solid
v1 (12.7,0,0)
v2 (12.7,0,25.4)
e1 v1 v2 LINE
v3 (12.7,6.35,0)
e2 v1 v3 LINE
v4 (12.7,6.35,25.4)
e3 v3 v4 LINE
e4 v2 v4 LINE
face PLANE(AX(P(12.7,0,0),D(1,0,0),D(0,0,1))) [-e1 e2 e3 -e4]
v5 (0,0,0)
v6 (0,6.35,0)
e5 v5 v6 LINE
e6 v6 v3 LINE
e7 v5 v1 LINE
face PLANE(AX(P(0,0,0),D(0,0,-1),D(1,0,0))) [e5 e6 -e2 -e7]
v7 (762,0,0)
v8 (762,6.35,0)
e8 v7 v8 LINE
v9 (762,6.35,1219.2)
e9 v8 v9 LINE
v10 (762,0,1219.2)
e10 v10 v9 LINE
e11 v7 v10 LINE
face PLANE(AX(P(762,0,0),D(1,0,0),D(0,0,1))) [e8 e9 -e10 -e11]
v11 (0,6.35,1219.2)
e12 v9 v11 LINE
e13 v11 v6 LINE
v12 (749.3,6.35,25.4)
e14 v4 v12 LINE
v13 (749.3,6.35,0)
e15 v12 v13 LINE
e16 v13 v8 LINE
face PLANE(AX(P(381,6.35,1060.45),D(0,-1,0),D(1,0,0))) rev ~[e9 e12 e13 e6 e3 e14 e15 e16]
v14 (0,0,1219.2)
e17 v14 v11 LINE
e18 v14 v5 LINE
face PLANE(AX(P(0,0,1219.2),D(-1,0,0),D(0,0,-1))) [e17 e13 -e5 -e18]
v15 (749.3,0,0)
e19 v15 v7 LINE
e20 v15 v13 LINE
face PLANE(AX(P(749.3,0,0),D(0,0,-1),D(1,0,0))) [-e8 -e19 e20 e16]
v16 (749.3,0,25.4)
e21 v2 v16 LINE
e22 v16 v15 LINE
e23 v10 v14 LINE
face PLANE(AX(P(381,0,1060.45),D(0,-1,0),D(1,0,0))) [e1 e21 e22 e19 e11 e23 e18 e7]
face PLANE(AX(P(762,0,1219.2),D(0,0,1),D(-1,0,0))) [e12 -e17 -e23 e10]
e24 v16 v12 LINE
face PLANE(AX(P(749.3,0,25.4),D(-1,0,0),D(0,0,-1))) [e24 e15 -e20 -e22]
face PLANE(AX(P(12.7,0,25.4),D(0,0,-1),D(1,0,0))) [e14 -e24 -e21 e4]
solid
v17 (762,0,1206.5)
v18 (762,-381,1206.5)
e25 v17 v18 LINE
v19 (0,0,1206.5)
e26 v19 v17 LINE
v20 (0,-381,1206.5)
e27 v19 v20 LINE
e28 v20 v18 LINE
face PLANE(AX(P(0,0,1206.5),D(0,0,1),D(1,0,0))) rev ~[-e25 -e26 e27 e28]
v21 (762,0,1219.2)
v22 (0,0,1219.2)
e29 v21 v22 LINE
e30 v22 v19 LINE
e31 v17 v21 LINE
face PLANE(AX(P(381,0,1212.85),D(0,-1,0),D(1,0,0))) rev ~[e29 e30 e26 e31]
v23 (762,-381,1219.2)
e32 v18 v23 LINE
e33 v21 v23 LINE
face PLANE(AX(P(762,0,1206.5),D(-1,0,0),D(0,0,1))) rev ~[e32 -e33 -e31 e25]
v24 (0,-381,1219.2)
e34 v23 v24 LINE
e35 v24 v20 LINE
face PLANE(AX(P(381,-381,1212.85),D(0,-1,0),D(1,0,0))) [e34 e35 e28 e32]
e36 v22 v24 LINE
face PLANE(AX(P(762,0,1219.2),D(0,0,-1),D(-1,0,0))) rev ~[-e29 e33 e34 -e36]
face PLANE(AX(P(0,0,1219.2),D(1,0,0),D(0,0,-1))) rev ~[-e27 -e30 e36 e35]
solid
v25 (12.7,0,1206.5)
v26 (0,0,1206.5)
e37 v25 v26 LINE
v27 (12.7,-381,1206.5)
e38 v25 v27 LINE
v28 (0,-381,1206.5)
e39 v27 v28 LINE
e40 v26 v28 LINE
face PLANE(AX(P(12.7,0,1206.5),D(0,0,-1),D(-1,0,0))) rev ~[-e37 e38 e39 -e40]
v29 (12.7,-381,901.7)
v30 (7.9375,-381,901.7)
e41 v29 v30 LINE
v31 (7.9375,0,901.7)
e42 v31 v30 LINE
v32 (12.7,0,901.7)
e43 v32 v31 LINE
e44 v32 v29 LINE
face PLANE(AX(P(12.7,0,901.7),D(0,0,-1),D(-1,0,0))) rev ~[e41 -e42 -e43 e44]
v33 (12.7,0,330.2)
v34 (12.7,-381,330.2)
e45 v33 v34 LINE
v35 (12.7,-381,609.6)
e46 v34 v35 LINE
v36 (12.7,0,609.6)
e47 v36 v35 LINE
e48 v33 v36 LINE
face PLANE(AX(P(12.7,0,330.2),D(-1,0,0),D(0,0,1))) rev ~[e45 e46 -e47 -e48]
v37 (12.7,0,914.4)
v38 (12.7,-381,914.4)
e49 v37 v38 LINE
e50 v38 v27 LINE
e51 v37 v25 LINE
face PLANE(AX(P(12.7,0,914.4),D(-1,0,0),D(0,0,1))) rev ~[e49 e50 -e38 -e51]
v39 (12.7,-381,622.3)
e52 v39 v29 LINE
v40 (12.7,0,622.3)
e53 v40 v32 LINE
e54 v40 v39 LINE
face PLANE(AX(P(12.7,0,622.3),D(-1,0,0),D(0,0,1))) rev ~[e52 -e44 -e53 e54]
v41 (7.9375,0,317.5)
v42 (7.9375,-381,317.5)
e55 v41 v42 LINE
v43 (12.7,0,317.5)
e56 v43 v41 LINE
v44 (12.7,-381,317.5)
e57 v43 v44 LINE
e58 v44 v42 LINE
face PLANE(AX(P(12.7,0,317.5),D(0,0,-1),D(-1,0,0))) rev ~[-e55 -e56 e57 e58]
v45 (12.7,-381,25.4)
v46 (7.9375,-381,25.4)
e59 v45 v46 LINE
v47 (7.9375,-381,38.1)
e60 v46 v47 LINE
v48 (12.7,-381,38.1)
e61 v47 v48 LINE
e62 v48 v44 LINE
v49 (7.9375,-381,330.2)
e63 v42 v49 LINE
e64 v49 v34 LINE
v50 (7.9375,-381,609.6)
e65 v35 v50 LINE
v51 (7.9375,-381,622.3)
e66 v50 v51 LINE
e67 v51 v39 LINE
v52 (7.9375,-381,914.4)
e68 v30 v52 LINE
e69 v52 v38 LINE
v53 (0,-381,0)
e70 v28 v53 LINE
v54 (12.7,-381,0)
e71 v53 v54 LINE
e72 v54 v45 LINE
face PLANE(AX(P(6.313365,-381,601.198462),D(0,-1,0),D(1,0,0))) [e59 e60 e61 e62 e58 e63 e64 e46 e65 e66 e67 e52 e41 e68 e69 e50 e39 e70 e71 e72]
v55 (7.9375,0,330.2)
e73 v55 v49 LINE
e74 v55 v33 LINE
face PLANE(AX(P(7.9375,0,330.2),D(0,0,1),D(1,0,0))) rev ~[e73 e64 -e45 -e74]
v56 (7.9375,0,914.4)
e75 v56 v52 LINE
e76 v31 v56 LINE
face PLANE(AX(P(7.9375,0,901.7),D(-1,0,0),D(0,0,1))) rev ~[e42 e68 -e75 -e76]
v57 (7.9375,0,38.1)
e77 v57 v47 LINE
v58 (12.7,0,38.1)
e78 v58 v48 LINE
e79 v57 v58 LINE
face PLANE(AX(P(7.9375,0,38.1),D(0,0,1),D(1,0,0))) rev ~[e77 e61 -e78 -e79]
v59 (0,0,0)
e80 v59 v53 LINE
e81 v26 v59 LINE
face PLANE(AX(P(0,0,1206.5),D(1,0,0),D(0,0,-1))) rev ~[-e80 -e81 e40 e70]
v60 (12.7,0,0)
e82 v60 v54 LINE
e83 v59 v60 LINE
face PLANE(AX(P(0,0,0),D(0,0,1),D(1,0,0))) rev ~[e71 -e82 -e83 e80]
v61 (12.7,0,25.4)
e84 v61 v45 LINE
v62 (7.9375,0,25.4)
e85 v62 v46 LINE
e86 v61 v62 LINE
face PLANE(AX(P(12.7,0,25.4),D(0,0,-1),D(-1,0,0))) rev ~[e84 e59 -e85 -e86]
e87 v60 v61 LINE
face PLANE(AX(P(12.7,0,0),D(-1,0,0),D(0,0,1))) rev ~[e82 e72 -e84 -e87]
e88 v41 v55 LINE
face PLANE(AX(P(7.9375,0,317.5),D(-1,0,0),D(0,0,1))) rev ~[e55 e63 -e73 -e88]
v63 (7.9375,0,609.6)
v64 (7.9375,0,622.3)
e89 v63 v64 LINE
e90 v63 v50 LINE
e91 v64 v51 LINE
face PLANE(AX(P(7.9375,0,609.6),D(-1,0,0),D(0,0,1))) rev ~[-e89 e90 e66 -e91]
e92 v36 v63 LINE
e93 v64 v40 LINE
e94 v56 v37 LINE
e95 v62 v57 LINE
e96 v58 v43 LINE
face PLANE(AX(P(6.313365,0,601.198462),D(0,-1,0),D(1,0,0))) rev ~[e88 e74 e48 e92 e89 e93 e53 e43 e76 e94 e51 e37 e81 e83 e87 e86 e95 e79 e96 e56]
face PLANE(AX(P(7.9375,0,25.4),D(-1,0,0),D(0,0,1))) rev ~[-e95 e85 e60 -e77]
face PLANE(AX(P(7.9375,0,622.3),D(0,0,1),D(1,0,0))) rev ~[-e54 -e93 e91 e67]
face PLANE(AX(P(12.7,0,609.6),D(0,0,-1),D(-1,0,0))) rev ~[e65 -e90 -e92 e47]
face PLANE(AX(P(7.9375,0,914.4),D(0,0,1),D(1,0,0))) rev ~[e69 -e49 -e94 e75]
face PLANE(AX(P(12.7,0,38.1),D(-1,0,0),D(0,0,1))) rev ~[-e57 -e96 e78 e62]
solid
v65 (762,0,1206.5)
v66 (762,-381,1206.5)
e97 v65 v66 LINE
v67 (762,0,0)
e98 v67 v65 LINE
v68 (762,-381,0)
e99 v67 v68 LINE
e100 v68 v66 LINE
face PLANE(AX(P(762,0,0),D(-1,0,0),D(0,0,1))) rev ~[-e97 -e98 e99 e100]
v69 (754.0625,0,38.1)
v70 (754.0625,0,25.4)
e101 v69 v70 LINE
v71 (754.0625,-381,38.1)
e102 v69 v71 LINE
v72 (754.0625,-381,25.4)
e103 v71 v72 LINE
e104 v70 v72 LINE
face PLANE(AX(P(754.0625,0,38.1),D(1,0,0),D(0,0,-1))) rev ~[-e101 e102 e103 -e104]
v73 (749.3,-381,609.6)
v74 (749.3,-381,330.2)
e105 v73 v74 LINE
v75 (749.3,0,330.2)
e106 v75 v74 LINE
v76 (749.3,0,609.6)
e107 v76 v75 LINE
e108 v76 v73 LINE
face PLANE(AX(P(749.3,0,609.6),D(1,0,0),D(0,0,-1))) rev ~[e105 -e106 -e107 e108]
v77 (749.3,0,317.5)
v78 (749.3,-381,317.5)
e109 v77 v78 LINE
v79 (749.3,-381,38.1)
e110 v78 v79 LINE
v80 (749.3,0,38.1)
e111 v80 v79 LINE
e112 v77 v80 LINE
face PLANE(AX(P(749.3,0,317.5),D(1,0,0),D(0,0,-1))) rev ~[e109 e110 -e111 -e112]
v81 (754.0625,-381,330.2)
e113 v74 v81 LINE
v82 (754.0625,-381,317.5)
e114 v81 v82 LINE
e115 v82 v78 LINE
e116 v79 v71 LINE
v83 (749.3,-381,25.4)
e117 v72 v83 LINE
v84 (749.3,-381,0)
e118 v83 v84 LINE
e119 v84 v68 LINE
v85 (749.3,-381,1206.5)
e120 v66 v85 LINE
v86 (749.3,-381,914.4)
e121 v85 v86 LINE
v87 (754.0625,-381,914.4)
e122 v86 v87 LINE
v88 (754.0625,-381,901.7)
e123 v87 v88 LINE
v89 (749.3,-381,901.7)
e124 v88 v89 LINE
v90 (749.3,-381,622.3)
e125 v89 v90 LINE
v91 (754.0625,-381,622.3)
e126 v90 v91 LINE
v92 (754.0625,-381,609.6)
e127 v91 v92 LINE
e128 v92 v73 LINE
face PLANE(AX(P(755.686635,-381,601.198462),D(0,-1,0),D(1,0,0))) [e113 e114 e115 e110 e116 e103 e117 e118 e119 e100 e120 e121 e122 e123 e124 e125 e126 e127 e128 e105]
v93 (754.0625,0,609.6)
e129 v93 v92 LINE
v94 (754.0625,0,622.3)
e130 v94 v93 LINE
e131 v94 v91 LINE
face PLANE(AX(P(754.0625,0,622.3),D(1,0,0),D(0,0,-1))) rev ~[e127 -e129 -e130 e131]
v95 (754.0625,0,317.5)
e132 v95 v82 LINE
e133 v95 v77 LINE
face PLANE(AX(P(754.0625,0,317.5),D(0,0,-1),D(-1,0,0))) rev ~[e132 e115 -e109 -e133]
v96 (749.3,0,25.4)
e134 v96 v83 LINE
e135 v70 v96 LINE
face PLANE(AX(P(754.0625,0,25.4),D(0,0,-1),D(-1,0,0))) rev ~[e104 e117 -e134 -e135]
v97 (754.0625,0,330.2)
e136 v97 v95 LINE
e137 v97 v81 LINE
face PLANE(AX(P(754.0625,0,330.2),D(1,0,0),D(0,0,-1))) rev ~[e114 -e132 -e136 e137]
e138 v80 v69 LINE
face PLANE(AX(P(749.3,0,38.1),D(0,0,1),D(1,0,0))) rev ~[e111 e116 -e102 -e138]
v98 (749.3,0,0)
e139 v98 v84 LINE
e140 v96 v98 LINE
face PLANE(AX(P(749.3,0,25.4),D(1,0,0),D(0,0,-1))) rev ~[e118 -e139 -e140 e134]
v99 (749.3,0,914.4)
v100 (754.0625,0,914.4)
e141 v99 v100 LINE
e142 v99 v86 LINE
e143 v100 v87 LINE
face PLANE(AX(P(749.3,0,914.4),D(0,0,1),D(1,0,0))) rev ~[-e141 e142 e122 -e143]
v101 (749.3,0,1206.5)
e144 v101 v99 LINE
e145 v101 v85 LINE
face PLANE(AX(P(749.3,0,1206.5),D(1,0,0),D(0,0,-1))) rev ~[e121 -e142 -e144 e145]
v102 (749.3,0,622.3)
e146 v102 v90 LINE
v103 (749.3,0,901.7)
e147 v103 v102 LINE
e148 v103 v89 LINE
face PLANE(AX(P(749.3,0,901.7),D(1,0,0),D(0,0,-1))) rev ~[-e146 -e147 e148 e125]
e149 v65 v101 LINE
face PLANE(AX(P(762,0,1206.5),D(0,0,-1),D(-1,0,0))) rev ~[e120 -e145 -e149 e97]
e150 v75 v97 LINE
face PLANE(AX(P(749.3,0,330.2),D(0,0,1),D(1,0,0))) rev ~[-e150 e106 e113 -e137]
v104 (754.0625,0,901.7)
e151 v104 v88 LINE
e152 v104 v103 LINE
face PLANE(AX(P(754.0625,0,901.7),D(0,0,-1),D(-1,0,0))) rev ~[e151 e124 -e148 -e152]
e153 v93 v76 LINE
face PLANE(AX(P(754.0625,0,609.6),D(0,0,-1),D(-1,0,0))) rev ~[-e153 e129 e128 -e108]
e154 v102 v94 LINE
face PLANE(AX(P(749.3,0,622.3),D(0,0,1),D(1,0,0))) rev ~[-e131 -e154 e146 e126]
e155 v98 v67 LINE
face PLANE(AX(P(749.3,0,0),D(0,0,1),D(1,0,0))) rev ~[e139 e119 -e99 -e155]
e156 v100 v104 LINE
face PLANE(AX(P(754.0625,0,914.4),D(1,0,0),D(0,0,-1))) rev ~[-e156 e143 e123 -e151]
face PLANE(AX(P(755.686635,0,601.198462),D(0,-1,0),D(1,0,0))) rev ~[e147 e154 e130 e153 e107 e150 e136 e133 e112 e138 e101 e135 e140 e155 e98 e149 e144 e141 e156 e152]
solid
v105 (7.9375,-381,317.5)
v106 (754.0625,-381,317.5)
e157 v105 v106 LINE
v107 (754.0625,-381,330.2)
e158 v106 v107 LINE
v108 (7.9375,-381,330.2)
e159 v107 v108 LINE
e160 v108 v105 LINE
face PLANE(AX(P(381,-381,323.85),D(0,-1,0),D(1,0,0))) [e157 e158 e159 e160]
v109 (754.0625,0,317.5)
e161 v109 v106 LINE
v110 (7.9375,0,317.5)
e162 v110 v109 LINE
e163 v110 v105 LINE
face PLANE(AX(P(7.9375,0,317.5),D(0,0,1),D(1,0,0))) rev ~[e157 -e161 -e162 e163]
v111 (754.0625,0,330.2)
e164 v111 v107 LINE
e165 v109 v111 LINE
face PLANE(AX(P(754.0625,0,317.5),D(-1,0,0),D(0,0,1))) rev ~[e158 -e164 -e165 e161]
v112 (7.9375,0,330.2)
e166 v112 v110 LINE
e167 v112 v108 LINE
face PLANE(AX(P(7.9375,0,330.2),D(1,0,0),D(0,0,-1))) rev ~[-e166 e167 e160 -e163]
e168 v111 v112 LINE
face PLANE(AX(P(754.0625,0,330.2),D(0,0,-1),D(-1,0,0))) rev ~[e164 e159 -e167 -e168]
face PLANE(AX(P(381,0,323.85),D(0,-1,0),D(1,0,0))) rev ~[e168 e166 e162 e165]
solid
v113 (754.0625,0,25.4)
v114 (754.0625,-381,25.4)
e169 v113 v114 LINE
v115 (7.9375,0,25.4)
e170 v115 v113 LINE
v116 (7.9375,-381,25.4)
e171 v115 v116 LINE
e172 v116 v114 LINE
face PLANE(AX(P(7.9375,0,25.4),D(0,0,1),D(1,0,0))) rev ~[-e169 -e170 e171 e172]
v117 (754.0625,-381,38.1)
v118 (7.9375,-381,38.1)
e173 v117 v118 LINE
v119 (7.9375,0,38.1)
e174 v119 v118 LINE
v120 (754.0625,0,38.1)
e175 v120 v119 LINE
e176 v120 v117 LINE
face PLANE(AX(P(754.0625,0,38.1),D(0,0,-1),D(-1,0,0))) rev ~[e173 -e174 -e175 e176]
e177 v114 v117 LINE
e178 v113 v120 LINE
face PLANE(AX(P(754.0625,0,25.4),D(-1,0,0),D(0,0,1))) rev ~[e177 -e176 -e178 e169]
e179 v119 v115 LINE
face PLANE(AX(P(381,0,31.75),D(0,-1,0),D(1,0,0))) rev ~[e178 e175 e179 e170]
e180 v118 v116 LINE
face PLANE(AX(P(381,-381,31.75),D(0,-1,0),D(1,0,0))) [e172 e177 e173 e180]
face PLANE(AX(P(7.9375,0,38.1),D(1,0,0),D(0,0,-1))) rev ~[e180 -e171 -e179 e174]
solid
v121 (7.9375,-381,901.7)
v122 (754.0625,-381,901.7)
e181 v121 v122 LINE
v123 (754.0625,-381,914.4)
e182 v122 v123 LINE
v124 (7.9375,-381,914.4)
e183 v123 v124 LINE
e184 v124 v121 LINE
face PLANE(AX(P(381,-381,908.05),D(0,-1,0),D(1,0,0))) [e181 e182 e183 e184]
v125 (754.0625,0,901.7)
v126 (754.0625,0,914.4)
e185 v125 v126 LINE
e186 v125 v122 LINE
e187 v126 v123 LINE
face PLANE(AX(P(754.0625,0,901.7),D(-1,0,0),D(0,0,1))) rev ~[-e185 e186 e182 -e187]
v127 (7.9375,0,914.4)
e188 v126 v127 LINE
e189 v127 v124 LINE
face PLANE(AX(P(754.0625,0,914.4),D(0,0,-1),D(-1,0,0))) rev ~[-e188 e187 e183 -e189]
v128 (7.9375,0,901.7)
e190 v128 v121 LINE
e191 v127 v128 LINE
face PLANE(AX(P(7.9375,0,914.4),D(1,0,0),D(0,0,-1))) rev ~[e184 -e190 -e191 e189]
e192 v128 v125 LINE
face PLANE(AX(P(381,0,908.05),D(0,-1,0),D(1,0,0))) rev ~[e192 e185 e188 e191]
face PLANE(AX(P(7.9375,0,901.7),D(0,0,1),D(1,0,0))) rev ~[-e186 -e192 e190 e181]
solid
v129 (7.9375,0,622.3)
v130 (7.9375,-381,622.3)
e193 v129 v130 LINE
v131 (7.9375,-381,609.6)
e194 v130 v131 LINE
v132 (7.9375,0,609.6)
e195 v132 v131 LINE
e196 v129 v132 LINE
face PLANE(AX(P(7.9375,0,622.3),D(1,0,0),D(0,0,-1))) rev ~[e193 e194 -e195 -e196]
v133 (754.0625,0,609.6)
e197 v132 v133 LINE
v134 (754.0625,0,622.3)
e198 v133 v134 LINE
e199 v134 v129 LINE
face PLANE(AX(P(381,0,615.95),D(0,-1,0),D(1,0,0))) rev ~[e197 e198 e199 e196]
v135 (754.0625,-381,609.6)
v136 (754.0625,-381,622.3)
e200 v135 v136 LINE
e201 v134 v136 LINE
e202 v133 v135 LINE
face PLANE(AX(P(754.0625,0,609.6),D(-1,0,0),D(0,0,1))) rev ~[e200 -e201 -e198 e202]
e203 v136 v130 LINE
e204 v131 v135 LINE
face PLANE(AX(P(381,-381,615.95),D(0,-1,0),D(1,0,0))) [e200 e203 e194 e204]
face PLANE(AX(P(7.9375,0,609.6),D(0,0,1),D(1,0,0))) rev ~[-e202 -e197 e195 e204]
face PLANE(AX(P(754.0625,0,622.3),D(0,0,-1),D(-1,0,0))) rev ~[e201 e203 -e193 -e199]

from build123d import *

# Parameters (mm, degrees)
F1_DEPTH = 381
F2_DEPTH = 381
F0_W     = 736.6
F0_H     = 292.1
F0_H_2   = 279.4
F3_DEPTH = 6.35


with BuildPart() as f1:
    # F0 (on Front) → F1 (new body)
    with BuildSketch(Plane.XZ):
        Polygon((754.0625, 25.4), (749.3, 25.4), (749.3, 0), (762, 0), (762, 1206.5), (749.3, 1206.5), (749.3, 914.4), (754.0625, 914.4), (754.0625, 901.7), (749.3, 901.7), (749.3, 622.3), (754.0625, 622.3), (754.0625, 609.6), (749.3, 609.6), (749.3, 330.2), (754.0625, 330.2), (754.0625, 317.5), (749.3, 317.5), (749.3, 38.1), (754.0625, 38.1), align=None)
        Polygon((0, 1206.5), (0, 0), (12.7, 0), (12.7, 25.4), (7.9375, 25.4), (7.9375, 38.1), (12.7, 38.1), (12.7, 317.5), (7.9375, 317.5), (7.9375, 330.2), (12.7, 330.2), (12.7, 609.6), (7.9375, 609.6), (7.9375, 622.3), (12.7, 622.3), (12.7, 901.7), (7.9375, 901.7), (7.9375, 914.4), (12.7, 914.4), (12.7, 1206.5), align=None)
    extrude(amount=F1_DEPTH)


with BuildPart() as f2:
    # F0 (on Front) → F2 (new body)
    with BuildSketch(Plane.XZ):
        Polygon((7.9375, 25.4), (12.7, 25.4), (749.3, 25.4), (754.0625, 25.4), (754.0625, 38.1), (749.3, 38.1), (12.7, 38.1), (7.9375, 38.1), align=None)
        Polygon((7.9375, 317.5), (12.7, 317.5), (749.3, 317.5), (754.0625, 317.5), (754.0625, 330.2), (749.3, 330.2), (12.7, 330.2), (7.9375, 330.2), align=None)
        Polygon((749.3, 622.3), (12.7, 622.3), (7.9375, 622.3), (7.9375, 609.6), (12.7, 609.6), (749.3, 609.6), (754.0625, 609.6), (754.0625, 622.3), align=None)
        Polygon((749.3, 914.4), (12.7, 914.4), (7.9375, 914.4), (7.9375, 901.7), (12.7, 901.7), (749.3, 901.7), (754.0625, 901.7), (754.0625, 914.4), align=None)
        Polygon((0, 1219.2), (0, 1206.5), (12.7, 1206.5), (749.3, 1206.5), (762, 1206.5), (762, 1219.2), align=None)
    extrude(amount=F2_DEPTH)


with BuildPart() as f3:
    # F0 (on Front) → F3 (new body)
    with BuildSketch(Plane.XZ):
        with Locations((381, 1060.45)):
            Rectangle(F0_W, F0_H)
        with Locations((381, 762)):
            Rectangle(F0_W, F0_H_2)
        with Locations((381, 469.9)):
            Rectangle(F0_W, F0_H_2)
        with Locations((381, 177.8)):
            Rectangle(F0_W, F0_H_2)
        Polygon((754.0625, 25.4), (749.3, 25.4), (749.3, 0), (762, 0), (762, 1206.5), (749.3, 1206.5), (749.3, 914.4), (754.0625, 914.4), (754.0625, 901.7), (749.3, 901.7), (749.3, 622.3), (754.0625, 622.3), (754.0625, 609.6), (749.3, 609.6), (749.3, 330.2), (754.0625, 330.2), (754.0625, 317.5), (749.3, 317.5), (749.3, 38.1), (754.0625, 38.1), align=None)
        Polygon((0, 1206.5), (0, 0), (12.7, 0), (12.7, 25.4), (7.9375, 25.4), (7.9375, 38.1), (12.7, 38.1), (12.7, 317.5), (7.9375, 317.5), (7.9375, 330.2), (12.7, 330.2), (12.7, 609.6), (7.9375, 609.6), (7.9375, 622.3), (12.7, 622.3), (12.7, 901.7), (7.9375, 901.7), (7.9375, 914.4), (12.7, 914.4), (12.7, 1206.5), align=None)
        Polygon((0, 1219.2), (0, 1206.5), (12.7, 1206.5), (749.3, 1206.5), (762, 1206.5), (762, 1219.2), align=None)
        Polygon((749.3, 914.4), (12.7, 914.4), (7.9375, 914.4), (7.9375, 901.7), (12.7, 901.7), (749.3, 901.7), (754.0625, 901.7), (754.0625, 914.4), align=None)
        Polygon((749.3, 622.3), (12.7, 622.3), (7.9375, 622.3), (7.9375, 609.6), (12.7, 609.6), (749.3, 609.6), (754.0625, 609.6), (754.0625, 622.3), align=None)
        Polygon((7.9375, 317.5), (12.7, 317.5), (749.3, 317.5), (754.0625, 317.5), (754.0625, 330.2), (749.3, 330.2), (12.7, 330.2), (7.9375, 330.2), align=None)
        Polygon((7.9375, 25.4), (12.7, 25.4), (749.3, 25.4), (754.0625, 25.4), (754.0625, 38.1), (749.3, 38.1), (12.7, 38.1), (7.9375, 38.1), align=None)
    extrude(amount=-F3_DEPTH)


solid = Compound([f1.part, f2.part, f3.part])
